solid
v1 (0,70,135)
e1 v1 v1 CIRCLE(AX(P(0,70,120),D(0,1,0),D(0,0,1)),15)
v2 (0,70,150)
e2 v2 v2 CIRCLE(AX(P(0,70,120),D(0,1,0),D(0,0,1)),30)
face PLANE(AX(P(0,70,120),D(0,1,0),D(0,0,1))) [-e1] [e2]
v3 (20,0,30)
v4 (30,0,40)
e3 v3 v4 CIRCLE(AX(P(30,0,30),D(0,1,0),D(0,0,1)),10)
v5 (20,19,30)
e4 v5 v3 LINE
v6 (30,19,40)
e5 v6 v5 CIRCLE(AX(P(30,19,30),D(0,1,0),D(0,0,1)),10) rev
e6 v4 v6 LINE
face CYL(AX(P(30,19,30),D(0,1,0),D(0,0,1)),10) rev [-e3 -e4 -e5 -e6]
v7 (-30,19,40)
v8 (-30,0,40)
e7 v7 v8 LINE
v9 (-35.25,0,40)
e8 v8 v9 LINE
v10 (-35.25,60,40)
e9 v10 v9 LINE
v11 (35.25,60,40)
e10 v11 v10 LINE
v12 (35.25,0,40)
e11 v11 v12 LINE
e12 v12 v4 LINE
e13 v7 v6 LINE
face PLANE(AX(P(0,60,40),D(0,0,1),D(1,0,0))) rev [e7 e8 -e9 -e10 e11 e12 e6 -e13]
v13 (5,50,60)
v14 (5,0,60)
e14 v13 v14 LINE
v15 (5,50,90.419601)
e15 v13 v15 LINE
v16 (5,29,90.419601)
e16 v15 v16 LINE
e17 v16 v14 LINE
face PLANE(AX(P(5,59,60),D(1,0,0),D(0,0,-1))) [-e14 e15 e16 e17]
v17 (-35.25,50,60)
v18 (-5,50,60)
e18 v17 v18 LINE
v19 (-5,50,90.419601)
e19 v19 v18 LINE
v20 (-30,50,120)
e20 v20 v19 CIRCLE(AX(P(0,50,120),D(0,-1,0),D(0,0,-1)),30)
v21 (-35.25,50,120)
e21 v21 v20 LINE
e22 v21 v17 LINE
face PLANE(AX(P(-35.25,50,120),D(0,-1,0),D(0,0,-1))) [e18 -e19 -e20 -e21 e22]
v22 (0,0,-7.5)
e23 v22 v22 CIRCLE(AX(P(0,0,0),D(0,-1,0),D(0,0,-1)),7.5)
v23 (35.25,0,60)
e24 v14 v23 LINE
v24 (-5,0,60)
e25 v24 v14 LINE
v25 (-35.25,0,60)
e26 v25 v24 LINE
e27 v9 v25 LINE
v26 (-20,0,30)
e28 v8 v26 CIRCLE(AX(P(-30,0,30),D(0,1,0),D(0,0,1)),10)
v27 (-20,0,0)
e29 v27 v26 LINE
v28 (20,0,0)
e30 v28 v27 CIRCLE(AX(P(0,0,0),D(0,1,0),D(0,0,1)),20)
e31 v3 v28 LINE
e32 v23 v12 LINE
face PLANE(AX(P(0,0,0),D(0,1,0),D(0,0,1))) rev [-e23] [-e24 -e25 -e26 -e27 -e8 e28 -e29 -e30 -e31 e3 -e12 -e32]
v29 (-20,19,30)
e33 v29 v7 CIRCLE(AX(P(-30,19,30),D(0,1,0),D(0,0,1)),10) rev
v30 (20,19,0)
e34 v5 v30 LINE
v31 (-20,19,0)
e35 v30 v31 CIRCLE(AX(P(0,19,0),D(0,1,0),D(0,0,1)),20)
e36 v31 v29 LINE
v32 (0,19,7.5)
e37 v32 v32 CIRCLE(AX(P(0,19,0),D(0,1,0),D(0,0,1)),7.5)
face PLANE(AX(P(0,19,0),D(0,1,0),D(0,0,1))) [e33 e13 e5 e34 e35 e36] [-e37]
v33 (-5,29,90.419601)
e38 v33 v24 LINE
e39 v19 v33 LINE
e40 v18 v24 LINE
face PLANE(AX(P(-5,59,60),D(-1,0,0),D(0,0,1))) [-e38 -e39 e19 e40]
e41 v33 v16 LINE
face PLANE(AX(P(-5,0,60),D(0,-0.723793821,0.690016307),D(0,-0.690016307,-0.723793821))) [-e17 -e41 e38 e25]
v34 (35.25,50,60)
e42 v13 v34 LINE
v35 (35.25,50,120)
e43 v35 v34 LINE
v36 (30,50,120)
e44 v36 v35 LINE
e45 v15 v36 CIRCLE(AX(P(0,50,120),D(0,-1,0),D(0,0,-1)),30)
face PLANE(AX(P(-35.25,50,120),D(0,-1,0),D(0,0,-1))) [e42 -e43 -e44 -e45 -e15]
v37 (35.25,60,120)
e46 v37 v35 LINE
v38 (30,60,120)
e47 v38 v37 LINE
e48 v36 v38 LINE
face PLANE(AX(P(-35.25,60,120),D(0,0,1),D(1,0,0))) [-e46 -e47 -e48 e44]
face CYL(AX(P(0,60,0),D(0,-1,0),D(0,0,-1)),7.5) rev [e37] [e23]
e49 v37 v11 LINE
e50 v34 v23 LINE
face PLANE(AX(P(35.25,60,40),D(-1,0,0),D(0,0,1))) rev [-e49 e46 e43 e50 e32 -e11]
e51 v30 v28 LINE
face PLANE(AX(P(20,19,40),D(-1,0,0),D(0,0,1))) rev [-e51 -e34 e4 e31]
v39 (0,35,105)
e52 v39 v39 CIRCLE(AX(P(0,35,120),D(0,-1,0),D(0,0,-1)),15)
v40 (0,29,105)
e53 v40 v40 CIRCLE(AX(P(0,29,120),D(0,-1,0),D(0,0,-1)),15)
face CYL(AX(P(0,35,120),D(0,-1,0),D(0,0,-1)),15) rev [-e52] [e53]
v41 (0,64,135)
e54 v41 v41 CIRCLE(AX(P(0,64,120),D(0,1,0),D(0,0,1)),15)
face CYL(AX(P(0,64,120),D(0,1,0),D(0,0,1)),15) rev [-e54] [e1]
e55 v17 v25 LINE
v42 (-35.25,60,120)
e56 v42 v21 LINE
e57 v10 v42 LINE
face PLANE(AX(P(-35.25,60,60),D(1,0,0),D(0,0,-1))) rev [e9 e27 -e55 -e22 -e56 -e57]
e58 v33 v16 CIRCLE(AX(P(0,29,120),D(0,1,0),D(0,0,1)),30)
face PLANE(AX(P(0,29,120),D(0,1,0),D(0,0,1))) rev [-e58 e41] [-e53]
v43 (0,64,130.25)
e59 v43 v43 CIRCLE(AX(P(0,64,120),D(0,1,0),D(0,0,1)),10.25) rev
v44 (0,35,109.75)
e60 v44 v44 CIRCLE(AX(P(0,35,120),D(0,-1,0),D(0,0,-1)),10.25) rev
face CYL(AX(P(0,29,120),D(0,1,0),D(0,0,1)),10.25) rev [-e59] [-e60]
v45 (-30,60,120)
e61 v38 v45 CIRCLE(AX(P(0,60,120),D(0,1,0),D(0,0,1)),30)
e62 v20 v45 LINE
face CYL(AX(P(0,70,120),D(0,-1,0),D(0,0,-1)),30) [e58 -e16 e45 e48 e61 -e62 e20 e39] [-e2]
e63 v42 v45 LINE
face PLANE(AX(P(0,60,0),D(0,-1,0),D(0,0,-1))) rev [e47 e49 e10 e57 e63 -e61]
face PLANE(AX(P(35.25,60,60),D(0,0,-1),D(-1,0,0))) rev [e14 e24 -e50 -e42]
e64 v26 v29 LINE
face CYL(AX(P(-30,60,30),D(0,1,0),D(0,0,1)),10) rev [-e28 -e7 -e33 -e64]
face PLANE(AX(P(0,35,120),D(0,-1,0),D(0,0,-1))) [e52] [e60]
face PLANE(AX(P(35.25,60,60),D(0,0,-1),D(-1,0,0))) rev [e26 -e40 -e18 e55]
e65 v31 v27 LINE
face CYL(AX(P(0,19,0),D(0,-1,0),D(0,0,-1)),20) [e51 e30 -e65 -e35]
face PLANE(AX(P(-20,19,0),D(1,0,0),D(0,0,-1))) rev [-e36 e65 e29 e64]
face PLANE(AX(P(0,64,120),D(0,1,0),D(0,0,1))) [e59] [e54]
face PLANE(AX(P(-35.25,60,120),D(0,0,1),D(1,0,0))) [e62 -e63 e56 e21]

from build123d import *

# Parameters (mm, degrees)
BOSS_EXTRUDE1_DEPTH      = 19
BOSS_EXTRUDE3_DEPTH      = 60
FILLET1_R                = 10
FILLET2_R                = 10
SKETCH4_R                = 7.5
CUT_EXTRUDE1_DEPTH       = 60
SKETCH6_W                = 60
SKETCH6_H                = 10
BOSS_EXTRUDE4_DEPTH      = 70.5
CUT_EXTRUDE2_DEPTH       = 70.5
BOSS_EXTRUDE6_DEPTH      = 10
BOSS_EXTRUDE6_DEPTH_BACK = 31
SKETCH8_R                = 30
SKETCH10_R               = 10.25
CUT_EXTRUDE3_DEPTH       = 41
SKETCH11_R               = 15
CUT_EXTRUDE4_DEPTH       = 6
CUT_EXTRUDE5_START       = -6
SKETCH12_R               = 15
CUT_EXTRUDE5_DEPTH       = 6
SKETCH13_W               = 10
SKETCH13_H               = 30.419601085
BOSS_EXTRUDE7_DEPTH      = 30
BOSS_EXTRUDE8_DEPTH      = 10


with BuildPart() as part:
    # Sketch1 → Boss-Extrude1 (new body)
    with BuildSketch(Plane(origin=(0, 0, 0), x_dir=(1, 0, 0), z_dir=(0, 1, 0))):
        with BuildLine():
            Line((-20, 0), (-20, -40))
            Line((-20, -40), (20, -40))
            Line((20, -40), (20, 0))
            ThreePointArc((20, 0), (0, 20), (-20, 0))
        make_face()
    extrude(amount=BOSS_EXTRUDE1_DEPTH)

    # Sketch3 → Boss-Extrude3 (add)
    with BuildSketch(Plane(origin=(0, 0, 0), x_dir=(1, 0, 0), z_dir=(0, 1, 0))):
        Polygon((0, -40), (35.25, -40), (35.25, -60), (-35.25, -60), (-35.25, -40), align=None)
    extrude(amount=BOSS_EXTRUDE3_DEPTH)

    # Fillet1
    fillet1_edges = [part.edges().sort_by_distance(p)[0] for p in [
        (20, 9.5, 40),
    ]]
    fillet(fillet1_edges, radius=FILLET1_R)

    # Fillet2
    fillet2_edges = [part.edges().sort_by_distance(p)[0] for p in [
        (-20, 9.5, 40),
    ]]
    fillet(fillet2_edges, radius=FILLET2_R)

    # Sketch4 → Cut-Extrude1 (cut)
    with BuildSketch(Plane.XZ):
        with Locations(Location((0, 0, 0), (0, 0, 270))):
            Circle(SKETCH4_R)
    extrude(amount=-CUT_EXTRUDE1_DEPTH, mode=Mode.SUBTRACT)

    # Sketch6 → Boss-Extrude4 (add)
    with BuildSketch(Plane(origin=(35.25, 0, 0), x_dir=(0, 0, -1), z_dir=(1, 0, 0))):
        with Locations((-90, 55)):
            Rectangle(SKETCH6_W, SKETCH6_H)
    extrude(amount=-BOSS_EXTRUDE4_DEPTH)

    # Sketch7 → Cut-Extrude2 (cut)
    with BuildSketch(Plane(origin=(0, 60, 0), x_dir=(1, 0, 0), z_dir=(0, 1, 0))):
        with BuildLine():
            Line((-30, -120), (30, -120))
            ThreePointArc((30, -120), (0, -90), (-30, -120))
        make_face()
    extrude(amount=-CUT_EXTRUDE2_DEPTH, mode=Mode.SUBTRACT)

    # Sketch8 → Boss-Extrude6 (add, two sides: drawn at the far end of the back side and taken through both)
    with BuildSketch(Plane(origin=(0, 60, 0), x_dir=(1, 0, 0), z_dir=(0, 1, 0)).offset(-BOSS_EXTRUDE6_DEPTH_BACK)):
        with Locations(Location((0, -120, 0), (0, 0, 270))):
            Circle(SKETCH8_R)
    extrude(amount=BOSS_EXTRUDE6_DEPTH + BOSS_EXTRUDE6_DEPTH_BACK)

    # Sketch10 → Cut-Extrude3 (cut)
    with BuildSketch(Plane(origin=(0, 70, 0), x_dir=(1, 0, 0), z_dir=(0, 1, 0))):
        with Locations(Location((0, -120, 0), (0, 0, 270))):
            Circle(SKETCH10_R)
    extrude(amount=-CUT_EXTRUDE3_DEPTH, mode=Mode.SUBTRACT)

    # Sketch11 → Cut-Extrude4 (cut)
    with BuildSketch(Plane(origin=(0, 70, 0), x_dir=(1, 0, 0), z_dir=(0, 1, 0))):
        with Locations(Location((0, -120, 0), (0, 0, 270))):
            Circle(SKETCH11_R)
    extrude(amount=-CUT_EXTRUDE4_DEPTH, mode=Mode.SUBTRACT)

    # Sketch12 → Cut-Extrude5 (cut)
    with BuildSketch(Plane.XZ.offset(-29).offset(CUT_EXTRUDE5_START)):
        with Locations(Location((0, 120, 0), (0, 0, 90))):
            Circle(SKETCH12_R)
    extrude(amount=CUT_EXTRUDE5_DEPTH, mode=Mode.SUBTRACT)

    # Sketch13 → Boss-Extrude7 (add)
    with BuildSketch(Plane.XZ.offset(-29)):
        with Locations((0, 75.209800543)):
            Rectangle(SKETCH13_W, SKETCH13_H)
    extrude(amount=-BOSS_EXTRUDE7_DEPTH)

    # Sketch16 → Boss-Extrude8 (add)
    with BuildSketch(Plane(origin=(5, 0, 0), x_dir=(0, 0, -1), z_dir=(1, 0, 0))):
        Polygon((-90.419601085, 29), (-60, 29), (-60, 0), align=None)
    extrude(amount=-BOSS_EXTRUDE8_DEPTH)


solid = part.part
